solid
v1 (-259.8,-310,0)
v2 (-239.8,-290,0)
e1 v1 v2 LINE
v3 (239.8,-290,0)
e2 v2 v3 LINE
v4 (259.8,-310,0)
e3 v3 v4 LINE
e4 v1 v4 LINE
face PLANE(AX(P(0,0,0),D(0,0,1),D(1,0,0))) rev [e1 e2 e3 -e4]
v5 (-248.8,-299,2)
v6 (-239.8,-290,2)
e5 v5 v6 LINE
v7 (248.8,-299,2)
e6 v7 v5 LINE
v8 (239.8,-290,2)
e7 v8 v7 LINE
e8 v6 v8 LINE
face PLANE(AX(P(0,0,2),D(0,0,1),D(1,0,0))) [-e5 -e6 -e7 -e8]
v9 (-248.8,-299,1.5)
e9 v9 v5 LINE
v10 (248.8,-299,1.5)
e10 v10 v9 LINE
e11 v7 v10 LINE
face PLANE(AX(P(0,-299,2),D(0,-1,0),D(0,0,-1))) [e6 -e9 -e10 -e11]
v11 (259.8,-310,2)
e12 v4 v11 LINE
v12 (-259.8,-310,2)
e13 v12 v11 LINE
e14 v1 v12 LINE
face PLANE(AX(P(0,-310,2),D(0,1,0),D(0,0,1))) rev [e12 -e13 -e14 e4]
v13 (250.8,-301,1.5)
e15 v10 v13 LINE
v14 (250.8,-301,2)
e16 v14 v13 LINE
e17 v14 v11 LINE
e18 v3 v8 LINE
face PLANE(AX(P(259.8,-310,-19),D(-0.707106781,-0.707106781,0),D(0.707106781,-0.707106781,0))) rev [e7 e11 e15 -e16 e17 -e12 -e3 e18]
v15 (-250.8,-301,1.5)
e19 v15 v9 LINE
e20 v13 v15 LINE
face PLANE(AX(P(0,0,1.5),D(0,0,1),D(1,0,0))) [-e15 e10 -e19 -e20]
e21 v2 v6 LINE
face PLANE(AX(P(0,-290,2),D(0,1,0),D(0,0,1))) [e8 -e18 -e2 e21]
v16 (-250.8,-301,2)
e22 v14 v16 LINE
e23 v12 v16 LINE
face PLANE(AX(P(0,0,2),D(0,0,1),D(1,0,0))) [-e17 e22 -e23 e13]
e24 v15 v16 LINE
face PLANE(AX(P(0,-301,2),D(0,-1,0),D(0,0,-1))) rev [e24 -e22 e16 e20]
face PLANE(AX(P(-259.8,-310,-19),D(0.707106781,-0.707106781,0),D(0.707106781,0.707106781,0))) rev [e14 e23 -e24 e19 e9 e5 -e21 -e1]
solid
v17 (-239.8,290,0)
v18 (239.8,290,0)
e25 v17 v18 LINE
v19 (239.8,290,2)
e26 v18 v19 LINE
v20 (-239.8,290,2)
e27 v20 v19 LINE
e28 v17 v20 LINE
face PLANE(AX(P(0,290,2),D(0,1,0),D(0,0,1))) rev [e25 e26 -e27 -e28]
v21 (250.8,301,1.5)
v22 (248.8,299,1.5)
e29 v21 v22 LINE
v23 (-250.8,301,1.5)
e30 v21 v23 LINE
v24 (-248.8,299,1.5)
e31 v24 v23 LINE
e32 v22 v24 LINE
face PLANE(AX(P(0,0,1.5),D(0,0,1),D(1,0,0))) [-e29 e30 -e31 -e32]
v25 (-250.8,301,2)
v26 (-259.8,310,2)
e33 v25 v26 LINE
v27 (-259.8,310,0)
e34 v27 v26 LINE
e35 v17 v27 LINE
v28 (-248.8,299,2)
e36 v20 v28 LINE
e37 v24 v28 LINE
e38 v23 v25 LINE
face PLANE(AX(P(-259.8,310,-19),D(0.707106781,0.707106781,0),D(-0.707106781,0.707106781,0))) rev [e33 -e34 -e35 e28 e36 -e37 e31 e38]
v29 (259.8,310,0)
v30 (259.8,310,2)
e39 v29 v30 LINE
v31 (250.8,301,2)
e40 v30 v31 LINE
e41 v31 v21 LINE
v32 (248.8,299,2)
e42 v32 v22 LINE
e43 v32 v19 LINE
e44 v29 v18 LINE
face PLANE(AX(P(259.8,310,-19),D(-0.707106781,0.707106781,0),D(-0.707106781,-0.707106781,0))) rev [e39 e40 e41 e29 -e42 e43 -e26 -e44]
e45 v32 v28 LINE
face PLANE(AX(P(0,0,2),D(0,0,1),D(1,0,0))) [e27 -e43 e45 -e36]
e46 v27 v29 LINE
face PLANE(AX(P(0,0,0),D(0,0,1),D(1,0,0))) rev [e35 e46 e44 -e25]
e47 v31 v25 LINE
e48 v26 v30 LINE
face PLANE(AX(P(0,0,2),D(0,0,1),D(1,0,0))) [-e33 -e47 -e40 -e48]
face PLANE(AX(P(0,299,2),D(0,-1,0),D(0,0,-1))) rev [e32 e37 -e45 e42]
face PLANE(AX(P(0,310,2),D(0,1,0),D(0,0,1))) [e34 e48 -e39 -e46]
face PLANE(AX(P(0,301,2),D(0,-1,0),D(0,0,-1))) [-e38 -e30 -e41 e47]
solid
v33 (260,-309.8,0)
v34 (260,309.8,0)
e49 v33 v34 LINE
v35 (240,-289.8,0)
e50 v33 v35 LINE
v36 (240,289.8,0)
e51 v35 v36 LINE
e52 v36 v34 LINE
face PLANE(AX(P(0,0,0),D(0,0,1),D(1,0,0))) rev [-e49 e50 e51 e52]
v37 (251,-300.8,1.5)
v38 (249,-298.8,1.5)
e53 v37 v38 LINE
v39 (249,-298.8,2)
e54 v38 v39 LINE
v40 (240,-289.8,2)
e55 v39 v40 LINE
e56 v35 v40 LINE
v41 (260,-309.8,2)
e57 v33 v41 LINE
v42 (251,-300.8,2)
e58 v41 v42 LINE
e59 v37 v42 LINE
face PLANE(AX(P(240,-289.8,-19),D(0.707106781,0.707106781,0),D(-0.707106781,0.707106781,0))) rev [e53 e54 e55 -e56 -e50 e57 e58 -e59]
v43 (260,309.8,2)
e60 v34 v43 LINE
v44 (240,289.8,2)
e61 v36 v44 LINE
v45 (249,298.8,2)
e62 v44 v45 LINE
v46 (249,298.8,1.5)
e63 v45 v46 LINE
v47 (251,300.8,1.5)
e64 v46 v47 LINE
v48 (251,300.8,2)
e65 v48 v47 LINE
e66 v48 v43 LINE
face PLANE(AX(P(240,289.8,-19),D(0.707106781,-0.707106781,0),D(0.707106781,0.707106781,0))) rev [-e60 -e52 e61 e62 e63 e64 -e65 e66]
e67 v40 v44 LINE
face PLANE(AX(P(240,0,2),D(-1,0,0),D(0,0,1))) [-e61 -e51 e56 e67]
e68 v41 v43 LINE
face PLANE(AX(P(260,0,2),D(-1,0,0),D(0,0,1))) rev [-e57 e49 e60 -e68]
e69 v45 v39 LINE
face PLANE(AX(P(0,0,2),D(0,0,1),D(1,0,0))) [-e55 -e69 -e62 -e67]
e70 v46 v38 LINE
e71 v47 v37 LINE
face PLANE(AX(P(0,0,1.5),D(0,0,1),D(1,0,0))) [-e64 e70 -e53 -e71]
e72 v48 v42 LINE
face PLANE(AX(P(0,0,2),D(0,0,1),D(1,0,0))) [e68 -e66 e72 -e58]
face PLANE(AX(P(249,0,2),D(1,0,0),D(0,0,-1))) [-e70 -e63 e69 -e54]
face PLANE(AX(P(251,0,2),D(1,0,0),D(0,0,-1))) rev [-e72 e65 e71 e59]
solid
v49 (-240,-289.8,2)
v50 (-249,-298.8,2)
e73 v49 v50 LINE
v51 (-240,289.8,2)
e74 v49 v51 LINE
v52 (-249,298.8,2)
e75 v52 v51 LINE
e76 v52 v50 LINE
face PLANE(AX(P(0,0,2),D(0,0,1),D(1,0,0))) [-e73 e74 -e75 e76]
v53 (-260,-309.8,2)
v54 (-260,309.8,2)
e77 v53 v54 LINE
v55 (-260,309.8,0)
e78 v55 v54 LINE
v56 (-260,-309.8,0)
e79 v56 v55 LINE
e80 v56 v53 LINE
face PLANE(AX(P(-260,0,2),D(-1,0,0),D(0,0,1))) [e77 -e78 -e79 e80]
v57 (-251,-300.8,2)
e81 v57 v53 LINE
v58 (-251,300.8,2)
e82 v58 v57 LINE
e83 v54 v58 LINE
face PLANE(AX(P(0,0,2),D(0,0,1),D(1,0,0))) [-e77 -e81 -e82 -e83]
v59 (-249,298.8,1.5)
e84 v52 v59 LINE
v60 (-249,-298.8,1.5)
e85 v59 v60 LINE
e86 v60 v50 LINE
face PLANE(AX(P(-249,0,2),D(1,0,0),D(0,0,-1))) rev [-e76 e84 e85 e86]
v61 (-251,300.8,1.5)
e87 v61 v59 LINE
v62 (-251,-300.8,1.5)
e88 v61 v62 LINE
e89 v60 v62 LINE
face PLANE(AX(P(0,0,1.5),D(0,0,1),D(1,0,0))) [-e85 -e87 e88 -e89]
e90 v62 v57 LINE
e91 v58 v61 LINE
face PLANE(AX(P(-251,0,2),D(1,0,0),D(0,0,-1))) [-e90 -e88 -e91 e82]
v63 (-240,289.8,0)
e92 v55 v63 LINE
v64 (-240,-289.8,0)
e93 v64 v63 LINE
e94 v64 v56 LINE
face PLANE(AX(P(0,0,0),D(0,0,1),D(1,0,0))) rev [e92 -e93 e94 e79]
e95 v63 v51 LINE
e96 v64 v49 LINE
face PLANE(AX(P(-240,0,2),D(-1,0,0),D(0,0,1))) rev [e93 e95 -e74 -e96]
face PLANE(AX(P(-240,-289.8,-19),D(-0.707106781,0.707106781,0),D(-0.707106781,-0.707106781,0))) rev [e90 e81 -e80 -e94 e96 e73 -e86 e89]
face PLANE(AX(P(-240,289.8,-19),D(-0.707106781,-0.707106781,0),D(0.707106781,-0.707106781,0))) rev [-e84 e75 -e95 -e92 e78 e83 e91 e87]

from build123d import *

# Parameters (mm, degrees)
CROQUIS1_W                = 498
CROQUIS1_H                = 598
CROQUIS1_W_2              = 480
CROQUIS1_H_2              = 580
SALIENTE_EXTRUIR1_DEPTH   = 2
CROQUIS1_W_3              = 520
CROQUIS1_H_3              = 620
CROQUIS1_W_4              = 502
CROQUIS1_H_4              = 602
SALIENTE_EXTRUIR1_2_DEPTH = 2
CROQUIS1_3_W              = 502
CROQUIS1_3_H              = 602
CROQUIS1_3_W_2            = 498
CROQUIS1_3_H_2            = 598
SALIENTE_EXTRUIR2_DEPTH   = 1.5
CORTAR_EXTRUIR1_DEPTH     = 21


with BuildPart() as part:
    # Croquis1 → Saliente-Extruir1 (new body)
    with BuildSketch(Plane.XY):
        Rectangle(CROQUIS1_W, CROQUIS1_H)
        Rectangle(CROQUIS1_W_2, CROQUIS1_H_2, mode=Mode.SUBTRACT)
    extrude(amount=SALIENTE_EXTRUIR1_DEPTH)



with BuildPart() as body_2:
    # Croquis1 → Saliente-Extruir1 2 (new body)
    with BuildSketch(Plane.XY):
        Rectangle(CROQUIS1_W_3, CROQUIS1_H_3)
        Rectangle(CROQUIS1_W_4, CROQUIS1_H_4, mode=Mode.SUBTRACT)
    extrude(amount=SALIENTE_EXTRUIR1_2_DEPTH)


with BuildPart() as part_1:
    add(part.part)

    add(body_2.part)  # Saliente-Extruir2 merges body 2
    # Croquis1<3> → Saliente-Extruir2 (add)
    with BuildSketch(Plane.XY):
        Rectangle(CROQUIS1_3_W, CROQUIS1_3_H)
        Rectangle(CROQUIS1_3_W_2, CROQUIS1_3_H_2, mode=Mode.SUBTRACT)
    extrude(amount=SALIENTE_EXTRUIR2_DEPTH)

    # Croquis2 → Cortar-Extruir1 (cut)
    with BuildSketch(Plane.XY.offset(2)):
        Polygon((-240, 289.8), (-260, 309.8), (-260, 310), (-259.8, 310), (-239.8, 290), (-240, 290), align=None)
        Polygon((240, 290), (240, 289.8), (260, 309.8), (260, 310), (259.8, 310), (239.8, 290), align=None)
        Polygon((240, -289.8), (260, -309.8), (260, -310), (259.8, -310), (239.8, -290), (240, -290), align=None)
        Polygon((-240, -290), (-240, -289.8), (-260, -309.8), (-260, -310), (-259.8, -310), (-239.8, -290), align=None)
    extrude(amount=-CORTAR_EXTRUIR1_DEPTH, mode=Mode.SUBTRACT)


with BuildPart() as cortar_extruir1_piece_1:
    # of the separate pieces the step leaves, piece 1, a body of its own (cortar_extruir1_pieces)
    add(part_1.part.solids().sort_by_distance((-249, -298.8, 1.5))[0])


with BuildPart() as cortar_extruir1_piece_2:
    # of the separate pieces the step leaves, piece 2, a body of its own (cortar_extruir1_pieces)
    add(part_1.part.solids().sort_by_distance((249, -298.8, 2))[0])


with BuildPart() as cortar_extruir1_piece_3:
    # of the separate pieces the step leaves, piece 3, a body of its own (cortar_extruir1_pieces)
    add(part_1.part.solids().sort_by_distance((248.8, -299, 2))[0])


with BuildPart() as cortar_extruir1_piece_4:
    # of the separate pieces the step leaves, piece 4, a body of its own (cortar_extruir1_pieces)
    add(part_1.part.solids().sort_by_distance((248.8, 299, 2))[0])


solid = Compound([cortar_extruir1_piece_1.part, cortar_extruir1_piece_2.part, cortar_extruir1_piece_3.part, cortar_extruir1_piece_4.part])
